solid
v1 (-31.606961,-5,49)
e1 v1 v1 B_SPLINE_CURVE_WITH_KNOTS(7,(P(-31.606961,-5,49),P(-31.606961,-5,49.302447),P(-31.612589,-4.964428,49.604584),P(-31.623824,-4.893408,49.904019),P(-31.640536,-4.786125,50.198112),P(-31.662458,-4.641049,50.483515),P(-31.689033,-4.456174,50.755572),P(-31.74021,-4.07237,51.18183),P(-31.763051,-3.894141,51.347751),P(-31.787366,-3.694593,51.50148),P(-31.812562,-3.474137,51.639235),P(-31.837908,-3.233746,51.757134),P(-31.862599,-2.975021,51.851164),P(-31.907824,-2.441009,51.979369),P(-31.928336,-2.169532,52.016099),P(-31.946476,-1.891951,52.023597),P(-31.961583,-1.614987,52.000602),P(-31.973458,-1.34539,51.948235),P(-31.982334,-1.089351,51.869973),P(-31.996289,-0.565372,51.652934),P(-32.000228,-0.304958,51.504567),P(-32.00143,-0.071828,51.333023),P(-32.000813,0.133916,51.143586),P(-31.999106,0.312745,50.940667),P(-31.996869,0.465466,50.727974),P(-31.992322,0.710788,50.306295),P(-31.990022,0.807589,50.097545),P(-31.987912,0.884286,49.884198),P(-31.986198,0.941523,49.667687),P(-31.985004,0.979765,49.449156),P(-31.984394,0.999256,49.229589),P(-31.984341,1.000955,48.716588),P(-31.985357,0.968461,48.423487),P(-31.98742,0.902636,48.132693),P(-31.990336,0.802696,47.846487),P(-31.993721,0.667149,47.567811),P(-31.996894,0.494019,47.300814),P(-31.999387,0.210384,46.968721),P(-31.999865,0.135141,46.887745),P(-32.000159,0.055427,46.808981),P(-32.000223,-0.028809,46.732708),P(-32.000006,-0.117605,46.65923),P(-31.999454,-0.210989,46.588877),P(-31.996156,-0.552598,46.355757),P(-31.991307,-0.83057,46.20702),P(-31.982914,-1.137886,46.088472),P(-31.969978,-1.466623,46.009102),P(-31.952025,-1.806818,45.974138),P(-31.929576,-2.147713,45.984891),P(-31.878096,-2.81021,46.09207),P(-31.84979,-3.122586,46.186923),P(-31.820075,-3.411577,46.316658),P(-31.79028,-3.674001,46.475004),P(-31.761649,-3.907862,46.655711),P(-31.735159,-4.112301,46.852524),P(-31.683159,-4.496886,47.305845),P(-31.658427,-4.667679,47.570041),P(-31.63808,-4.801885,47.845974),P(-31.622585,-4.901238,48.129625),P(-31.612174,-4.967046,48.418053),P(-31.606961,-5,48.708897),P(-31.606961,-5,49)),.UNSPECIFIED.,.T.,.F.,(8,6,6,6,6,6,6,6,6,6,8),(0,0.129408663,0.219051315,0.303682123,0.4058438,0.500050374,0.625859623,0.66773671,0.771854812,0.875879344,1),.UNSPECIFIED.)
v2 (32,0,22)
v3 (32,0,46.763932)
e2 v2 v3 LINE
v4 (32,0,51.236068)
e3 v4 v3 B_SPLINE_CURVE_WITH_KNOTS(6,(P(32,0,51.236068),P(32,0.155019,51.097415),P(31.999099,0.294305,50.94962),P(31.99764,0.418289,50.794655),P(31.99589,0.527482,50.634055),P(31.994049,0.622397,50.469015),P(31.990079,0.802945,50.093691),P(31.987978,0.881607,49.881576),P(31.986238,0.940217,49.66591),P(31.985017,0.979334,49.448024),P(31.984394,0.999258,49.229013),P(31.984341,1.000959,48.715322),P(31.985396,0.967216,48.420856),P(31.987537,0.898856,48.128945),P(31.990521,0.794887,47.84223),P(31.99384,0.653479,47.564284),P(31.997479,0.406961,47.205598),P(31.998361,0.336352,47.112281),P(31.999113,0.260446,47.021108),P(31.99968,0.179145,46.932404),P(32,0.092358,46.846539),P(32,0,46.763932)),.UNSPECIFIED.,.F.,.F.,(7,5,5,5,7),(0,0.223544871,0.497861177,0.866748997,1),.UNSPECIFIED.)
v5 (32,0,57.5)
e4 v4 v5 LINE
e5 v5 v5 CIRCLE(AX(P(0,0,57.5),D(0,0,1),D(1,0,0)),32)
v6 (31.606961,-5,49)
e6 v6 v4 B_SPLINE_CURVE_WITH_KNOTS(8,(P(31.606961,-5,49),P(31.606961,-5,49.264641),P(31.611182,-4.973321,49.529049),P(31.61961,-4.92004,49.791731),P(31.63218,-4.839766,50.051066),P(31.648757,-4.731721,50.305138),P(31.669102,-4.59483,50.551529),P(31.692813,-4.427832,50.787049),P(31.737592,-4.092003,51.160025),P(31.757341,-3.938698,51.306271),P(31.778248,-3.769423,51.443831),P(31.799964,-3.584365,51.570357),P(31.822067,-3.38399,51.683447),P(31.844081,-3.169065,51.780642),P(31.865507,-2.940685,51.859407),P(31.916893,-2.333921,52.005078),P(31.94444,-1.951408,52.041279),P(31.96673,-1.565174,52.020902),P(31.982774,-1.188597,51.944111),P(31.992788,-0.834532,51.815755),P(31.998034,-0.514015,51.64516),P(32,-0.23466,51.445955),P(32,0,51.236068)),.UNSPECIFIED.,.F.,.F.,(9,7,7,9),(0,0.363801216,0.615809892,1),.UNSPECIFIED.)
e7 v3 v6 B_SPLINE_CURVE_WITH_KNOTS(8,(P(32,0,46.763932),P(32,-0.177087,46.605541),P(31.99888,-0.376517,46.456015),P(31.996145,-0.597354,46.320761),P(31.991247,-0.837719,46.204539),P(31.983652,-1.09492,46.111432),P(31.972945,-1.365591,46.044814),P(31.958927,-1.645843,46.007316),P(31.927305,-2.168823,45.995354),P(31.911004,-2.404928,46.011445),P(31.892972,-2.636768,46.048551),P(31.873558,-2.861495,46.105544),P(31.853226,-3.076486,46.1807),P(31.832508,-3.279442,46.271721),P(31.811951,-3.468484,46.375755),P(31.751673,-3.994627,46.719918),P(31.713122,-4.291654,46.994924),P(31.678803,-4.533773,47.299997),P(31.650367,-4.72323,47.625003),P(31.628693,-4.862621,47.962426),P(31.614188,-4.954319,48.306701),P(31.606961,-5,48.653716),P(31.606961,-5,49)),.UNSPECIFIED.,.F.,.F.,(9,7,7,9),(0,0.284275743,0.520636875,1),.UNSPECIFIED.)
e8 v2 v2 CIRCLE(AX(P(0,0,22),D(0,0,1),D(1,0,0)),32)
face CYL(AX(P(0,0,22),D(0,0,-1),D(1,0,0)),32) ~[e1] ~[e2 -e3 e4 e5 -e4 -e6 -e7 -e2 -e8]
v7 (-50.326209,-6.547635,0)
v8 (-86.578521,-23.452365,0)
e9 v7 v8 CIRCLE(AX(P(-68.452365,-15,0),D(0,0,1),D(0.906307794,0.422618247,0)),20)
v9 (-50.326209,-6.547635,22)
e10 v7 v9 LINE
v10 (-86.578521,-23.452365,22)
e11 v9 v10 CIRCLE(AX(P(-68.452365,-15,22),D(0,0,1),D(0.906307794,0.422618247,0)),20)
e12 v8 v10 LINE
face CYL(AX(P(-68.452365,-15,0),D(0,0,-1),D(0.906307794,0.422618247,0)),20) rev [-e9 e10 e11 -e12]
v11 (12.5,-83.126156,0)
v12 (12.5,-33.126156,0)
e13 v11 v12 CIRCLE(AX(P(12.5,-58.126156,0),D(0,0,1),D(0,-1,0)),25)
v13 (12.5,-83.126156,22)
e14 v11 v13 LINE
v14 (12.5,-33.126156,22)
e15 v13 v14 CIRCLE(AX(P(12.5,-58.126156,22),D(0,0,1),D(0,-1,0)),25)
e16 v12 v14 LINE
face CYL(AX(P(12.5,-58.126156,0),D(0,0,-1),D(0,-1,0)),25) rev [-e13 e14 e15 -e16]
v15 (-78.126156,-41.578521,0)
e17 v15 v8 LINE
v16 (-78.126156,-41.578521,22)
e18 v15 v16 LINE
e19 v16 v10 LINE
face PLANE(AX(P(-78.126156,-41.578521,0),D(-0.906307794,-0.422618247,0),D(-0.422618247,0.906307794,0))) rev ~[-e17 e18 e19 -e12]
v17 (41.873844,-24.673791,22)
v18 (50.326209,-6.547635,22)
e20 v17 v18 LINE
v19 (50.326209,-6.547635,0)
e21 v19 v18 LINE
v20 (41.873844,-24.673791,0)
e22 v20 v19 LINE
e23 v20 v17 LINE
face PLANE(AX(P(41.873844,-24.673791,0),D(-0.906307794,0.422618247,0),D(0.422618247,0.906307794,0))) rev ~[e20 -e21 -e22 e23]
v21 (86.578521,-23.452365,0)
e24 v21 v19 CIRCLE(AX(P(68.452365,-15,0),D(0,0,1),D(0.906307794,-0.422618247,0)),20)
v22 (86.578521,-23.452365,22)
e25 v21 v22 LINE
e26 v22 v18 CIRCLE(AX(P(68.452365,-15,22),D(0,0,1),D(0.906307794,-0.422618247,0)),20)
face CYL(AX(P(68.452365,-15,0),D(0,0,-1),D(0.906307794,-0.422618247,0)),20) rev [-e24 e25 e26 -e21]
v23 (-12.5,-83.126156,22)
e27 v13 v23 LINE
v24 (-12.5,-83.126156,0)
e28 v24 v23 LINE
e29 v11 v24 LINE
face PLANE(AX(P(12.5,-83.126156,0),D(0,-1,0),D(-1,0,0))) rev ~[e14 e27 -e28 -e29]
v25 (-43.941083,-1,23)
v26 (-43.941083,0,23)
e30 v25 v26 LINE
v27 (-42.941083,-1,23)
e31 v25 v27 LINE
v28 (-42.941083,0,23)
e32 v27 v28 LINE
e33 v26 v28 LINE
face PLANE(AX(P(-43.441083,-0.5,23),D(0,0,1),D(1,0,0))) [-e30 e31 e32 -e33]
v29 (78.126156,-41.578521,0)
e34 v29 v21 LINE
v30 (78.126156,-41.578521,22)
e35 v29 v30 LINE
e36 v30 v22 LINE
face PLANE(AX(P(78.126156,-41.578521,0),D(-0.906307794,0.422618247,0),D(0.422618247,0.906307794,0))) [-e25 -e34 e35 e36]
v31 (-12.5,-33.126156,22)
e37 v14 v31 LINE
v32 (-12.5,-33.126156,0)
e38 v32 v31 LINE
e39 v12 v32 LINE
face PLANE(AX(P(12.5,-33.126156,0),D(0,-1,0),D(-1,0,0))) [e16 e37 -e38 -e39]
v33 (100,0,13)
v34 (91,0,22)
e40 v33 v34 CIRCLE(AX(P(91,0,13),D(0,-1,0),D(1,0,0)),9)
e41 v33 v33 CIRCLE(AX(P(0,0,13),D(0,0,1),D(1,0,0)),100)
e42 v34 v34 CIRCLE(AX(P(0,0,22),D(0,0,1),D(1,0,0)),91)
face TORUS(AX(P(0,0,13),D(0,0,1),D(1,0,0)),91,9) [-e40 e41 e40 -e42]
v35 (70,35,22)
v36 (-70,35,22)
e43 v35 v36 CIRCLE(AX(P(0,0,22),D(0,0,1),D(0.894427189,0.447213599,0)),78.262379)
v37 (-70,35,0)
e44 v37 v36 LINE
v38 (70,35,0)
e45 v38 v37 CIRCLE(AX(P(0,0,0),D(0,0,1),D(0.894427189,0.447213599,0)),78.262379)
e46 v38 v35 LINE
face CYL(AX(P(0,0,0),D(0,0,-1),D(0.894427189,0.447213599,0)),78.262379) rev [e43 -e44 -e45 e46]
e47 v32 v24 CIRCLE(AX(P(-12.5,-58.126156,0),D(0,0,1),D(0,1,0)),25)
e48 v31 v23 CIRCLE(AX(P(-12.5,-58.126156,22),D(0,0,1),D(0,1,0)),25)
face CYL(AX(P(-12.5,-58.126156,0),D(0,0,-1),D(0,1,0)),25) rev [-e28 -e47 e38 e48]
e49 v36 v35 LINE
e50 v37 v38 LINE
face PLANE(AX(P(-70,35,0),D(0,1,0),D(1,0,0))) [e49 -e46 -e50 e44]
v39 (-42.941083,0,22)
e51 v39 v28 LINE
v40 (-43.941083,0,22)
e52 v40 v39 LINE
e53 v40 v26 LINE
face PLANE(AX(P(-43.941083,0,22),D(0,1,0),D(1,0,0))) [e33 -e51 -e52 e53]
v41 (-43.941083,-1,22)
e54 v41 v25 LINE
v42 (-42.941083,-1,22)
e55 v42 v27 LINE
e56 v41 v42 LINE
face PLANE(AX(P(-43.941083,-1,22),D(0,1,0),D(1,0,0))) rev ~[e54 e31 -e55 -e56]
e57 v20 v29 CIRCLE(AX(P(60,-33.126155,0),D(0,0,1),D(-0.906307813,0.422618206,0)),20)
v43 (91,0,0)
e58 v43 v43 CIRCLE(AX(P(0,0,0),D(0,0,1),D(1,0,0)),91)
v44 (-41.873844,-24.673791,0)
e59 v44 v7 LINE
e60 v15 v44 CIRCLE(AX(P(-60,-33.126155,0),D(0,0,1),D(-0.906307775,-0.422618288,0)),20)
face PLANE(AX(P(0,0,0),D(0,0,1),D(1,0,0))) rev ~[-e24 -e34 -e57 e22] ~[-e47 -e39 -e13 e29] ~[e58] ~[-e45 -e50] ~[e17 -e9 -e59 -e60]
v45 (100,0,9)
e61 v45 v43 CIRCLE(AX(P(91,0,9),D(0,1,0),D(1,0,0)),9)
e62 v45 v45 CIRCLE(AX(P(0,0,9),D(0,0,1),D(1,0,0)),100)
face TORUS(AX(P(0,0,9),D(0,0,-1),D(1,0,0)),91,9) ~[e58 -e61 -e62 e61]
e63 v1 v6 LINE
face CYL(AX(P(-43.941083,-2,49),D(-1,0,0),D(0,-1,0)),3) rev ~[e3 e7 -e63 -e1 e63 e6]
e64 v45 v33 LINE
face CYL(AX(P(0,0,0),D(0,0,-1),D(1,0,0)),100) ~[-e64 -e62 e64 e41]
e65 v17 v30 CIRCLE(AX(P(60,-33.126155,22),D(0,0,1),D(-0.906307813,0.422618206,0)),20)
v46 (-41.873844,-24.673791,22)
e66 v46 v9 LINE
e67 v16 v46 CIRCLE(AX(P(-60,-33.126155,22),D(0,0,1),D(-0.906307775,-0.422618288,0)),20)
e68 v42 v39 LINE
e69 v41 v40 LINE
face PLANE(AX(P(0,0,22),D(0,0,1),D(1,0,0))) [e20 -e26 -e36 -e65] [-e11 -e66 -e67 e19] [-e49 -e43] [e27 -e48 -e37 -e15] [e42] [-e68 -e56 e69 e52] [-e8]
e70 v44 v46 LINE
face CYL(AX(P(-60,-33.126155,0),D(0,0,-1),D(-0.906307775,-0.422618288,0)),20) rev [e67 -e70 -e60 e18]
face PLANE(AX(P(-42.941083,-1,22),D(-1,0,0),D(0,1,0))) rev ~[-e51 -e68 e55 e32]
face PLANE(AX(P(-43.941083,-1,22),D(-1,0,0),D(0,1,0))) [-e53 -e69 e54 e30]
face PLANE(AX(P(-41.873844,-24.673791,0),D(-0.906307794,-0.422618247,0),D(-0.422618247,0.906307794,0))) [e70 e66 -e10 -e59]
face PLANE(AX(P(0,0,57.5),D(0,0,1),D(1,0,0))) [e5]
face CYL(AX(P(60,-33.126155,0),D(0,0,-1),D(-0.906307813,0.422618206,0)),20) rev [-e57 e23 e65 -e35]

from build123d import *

# Parameters (mm, degrees)
SKETCH_R     = 100
PAD_DEPTH    = 22
SKETCH001_R  = 32
PAD001_DEPTH = 35.5
SKETCH002_W  = 1
SKETCH002_H  = 1
PAD002_DEPTH = 1
SKETCH003_R  = 3
POCKET_DEPTH = 143.942083
FILLET_R     = 9


with BuildPart() as part:
    # Sketch → Pad (new body)
    with BuildSketch(Plane.XY):
        Circle(SKETCH_R)
        with BuildLine():
            Line((-70, 35), (70, 35))
            ThreePointArc((70, 35), (0, 78.262379), (-70, 35))
        make_face(mode=Mode.SUBTRACT)
        with BuildLine():
            ThreePointArc((-78.126156, -41.578521), (-51.547635, -51.252311), (-41.873844, -24.673791))
            Line((-41.873844, -24.673791), (-50.326209, -6.547635))
            ThreePointArc((-50.326209, -6.547635), (-76.90473, 3.126156), (-86.578521, -23.452365))
            Line((-78.126156, -41.578521), (-86.578521, -23.452365))
        make_face(mode=Mode.SUBTRACT)
        with BuildLine():
            ThreePointArc((41.873844, -24.673791), (51.547635, -51.252311), (78.126156, -41.578521))
            Line((78.126156, -41.578521), (86.578521, -23.452365))
            ThreePointArc((86.578521, -23.452365), (76.90473, 3.126156), (50.326209, -6.547635))
            Line((41.873844, -24.673791), (50.326209, -6.547635))
        make_face(mode=Mode.SUBTRACT)
        with BuildLine():
            Line((12.5, -33.126156), (-12.5, -33.126156))
            ThreePointArc((-12.5, -33.126156), (-37.5, -58.126156), (-12.5, -83.126156))
            Line((12.5, -83.126156), (-12.5, -83.126156))
            ThreePointArc((12.5, -83.126156), (37.5, -58.126156), (12.5, -33.126156))
        make_face(mode=Mode.SUBTRACT)
    extrude(amount=PAD_DEPTH)

    # Sketch001 → Pad001 (new body)
    with BuildSketch(Plane.XY.offset(22)):
        Circle(SKETCH001_R)
    extrude(amount=PAD001_DEPTH)

    # Sketch002 → Pad002 (new body)
    with BuildSketch(Plane.XY.offset(22)):
        with Locations((-43.441083, -0.5)):
            Rectangle(SKETCH002_W, SKETCH002_H)
    extrude(amount=PAD002_DEPTH)

    # Sketch003 → Pocket (cut, through all)
    with BuildSketch(Plane(origin=(-43.941083, 0, 0), x_dir=(0, -1, 0), z_dir=(-1, 0, 0))):
        with Locations((2, 49)):
            Circle(SKETCH003_R)
    extrude(amount=-POCKET_DEPTH, mode=Mode.SUBTRACT)

    # Fillet
    fillet_edges = [part.edges().sort_by_distance(p)[0] for p in [
        (-100, 0, 22),
        (-100, 0, 0),
    ]]
    fillet(fillet_edges, radius=FILLET_R)


solid = part.part
